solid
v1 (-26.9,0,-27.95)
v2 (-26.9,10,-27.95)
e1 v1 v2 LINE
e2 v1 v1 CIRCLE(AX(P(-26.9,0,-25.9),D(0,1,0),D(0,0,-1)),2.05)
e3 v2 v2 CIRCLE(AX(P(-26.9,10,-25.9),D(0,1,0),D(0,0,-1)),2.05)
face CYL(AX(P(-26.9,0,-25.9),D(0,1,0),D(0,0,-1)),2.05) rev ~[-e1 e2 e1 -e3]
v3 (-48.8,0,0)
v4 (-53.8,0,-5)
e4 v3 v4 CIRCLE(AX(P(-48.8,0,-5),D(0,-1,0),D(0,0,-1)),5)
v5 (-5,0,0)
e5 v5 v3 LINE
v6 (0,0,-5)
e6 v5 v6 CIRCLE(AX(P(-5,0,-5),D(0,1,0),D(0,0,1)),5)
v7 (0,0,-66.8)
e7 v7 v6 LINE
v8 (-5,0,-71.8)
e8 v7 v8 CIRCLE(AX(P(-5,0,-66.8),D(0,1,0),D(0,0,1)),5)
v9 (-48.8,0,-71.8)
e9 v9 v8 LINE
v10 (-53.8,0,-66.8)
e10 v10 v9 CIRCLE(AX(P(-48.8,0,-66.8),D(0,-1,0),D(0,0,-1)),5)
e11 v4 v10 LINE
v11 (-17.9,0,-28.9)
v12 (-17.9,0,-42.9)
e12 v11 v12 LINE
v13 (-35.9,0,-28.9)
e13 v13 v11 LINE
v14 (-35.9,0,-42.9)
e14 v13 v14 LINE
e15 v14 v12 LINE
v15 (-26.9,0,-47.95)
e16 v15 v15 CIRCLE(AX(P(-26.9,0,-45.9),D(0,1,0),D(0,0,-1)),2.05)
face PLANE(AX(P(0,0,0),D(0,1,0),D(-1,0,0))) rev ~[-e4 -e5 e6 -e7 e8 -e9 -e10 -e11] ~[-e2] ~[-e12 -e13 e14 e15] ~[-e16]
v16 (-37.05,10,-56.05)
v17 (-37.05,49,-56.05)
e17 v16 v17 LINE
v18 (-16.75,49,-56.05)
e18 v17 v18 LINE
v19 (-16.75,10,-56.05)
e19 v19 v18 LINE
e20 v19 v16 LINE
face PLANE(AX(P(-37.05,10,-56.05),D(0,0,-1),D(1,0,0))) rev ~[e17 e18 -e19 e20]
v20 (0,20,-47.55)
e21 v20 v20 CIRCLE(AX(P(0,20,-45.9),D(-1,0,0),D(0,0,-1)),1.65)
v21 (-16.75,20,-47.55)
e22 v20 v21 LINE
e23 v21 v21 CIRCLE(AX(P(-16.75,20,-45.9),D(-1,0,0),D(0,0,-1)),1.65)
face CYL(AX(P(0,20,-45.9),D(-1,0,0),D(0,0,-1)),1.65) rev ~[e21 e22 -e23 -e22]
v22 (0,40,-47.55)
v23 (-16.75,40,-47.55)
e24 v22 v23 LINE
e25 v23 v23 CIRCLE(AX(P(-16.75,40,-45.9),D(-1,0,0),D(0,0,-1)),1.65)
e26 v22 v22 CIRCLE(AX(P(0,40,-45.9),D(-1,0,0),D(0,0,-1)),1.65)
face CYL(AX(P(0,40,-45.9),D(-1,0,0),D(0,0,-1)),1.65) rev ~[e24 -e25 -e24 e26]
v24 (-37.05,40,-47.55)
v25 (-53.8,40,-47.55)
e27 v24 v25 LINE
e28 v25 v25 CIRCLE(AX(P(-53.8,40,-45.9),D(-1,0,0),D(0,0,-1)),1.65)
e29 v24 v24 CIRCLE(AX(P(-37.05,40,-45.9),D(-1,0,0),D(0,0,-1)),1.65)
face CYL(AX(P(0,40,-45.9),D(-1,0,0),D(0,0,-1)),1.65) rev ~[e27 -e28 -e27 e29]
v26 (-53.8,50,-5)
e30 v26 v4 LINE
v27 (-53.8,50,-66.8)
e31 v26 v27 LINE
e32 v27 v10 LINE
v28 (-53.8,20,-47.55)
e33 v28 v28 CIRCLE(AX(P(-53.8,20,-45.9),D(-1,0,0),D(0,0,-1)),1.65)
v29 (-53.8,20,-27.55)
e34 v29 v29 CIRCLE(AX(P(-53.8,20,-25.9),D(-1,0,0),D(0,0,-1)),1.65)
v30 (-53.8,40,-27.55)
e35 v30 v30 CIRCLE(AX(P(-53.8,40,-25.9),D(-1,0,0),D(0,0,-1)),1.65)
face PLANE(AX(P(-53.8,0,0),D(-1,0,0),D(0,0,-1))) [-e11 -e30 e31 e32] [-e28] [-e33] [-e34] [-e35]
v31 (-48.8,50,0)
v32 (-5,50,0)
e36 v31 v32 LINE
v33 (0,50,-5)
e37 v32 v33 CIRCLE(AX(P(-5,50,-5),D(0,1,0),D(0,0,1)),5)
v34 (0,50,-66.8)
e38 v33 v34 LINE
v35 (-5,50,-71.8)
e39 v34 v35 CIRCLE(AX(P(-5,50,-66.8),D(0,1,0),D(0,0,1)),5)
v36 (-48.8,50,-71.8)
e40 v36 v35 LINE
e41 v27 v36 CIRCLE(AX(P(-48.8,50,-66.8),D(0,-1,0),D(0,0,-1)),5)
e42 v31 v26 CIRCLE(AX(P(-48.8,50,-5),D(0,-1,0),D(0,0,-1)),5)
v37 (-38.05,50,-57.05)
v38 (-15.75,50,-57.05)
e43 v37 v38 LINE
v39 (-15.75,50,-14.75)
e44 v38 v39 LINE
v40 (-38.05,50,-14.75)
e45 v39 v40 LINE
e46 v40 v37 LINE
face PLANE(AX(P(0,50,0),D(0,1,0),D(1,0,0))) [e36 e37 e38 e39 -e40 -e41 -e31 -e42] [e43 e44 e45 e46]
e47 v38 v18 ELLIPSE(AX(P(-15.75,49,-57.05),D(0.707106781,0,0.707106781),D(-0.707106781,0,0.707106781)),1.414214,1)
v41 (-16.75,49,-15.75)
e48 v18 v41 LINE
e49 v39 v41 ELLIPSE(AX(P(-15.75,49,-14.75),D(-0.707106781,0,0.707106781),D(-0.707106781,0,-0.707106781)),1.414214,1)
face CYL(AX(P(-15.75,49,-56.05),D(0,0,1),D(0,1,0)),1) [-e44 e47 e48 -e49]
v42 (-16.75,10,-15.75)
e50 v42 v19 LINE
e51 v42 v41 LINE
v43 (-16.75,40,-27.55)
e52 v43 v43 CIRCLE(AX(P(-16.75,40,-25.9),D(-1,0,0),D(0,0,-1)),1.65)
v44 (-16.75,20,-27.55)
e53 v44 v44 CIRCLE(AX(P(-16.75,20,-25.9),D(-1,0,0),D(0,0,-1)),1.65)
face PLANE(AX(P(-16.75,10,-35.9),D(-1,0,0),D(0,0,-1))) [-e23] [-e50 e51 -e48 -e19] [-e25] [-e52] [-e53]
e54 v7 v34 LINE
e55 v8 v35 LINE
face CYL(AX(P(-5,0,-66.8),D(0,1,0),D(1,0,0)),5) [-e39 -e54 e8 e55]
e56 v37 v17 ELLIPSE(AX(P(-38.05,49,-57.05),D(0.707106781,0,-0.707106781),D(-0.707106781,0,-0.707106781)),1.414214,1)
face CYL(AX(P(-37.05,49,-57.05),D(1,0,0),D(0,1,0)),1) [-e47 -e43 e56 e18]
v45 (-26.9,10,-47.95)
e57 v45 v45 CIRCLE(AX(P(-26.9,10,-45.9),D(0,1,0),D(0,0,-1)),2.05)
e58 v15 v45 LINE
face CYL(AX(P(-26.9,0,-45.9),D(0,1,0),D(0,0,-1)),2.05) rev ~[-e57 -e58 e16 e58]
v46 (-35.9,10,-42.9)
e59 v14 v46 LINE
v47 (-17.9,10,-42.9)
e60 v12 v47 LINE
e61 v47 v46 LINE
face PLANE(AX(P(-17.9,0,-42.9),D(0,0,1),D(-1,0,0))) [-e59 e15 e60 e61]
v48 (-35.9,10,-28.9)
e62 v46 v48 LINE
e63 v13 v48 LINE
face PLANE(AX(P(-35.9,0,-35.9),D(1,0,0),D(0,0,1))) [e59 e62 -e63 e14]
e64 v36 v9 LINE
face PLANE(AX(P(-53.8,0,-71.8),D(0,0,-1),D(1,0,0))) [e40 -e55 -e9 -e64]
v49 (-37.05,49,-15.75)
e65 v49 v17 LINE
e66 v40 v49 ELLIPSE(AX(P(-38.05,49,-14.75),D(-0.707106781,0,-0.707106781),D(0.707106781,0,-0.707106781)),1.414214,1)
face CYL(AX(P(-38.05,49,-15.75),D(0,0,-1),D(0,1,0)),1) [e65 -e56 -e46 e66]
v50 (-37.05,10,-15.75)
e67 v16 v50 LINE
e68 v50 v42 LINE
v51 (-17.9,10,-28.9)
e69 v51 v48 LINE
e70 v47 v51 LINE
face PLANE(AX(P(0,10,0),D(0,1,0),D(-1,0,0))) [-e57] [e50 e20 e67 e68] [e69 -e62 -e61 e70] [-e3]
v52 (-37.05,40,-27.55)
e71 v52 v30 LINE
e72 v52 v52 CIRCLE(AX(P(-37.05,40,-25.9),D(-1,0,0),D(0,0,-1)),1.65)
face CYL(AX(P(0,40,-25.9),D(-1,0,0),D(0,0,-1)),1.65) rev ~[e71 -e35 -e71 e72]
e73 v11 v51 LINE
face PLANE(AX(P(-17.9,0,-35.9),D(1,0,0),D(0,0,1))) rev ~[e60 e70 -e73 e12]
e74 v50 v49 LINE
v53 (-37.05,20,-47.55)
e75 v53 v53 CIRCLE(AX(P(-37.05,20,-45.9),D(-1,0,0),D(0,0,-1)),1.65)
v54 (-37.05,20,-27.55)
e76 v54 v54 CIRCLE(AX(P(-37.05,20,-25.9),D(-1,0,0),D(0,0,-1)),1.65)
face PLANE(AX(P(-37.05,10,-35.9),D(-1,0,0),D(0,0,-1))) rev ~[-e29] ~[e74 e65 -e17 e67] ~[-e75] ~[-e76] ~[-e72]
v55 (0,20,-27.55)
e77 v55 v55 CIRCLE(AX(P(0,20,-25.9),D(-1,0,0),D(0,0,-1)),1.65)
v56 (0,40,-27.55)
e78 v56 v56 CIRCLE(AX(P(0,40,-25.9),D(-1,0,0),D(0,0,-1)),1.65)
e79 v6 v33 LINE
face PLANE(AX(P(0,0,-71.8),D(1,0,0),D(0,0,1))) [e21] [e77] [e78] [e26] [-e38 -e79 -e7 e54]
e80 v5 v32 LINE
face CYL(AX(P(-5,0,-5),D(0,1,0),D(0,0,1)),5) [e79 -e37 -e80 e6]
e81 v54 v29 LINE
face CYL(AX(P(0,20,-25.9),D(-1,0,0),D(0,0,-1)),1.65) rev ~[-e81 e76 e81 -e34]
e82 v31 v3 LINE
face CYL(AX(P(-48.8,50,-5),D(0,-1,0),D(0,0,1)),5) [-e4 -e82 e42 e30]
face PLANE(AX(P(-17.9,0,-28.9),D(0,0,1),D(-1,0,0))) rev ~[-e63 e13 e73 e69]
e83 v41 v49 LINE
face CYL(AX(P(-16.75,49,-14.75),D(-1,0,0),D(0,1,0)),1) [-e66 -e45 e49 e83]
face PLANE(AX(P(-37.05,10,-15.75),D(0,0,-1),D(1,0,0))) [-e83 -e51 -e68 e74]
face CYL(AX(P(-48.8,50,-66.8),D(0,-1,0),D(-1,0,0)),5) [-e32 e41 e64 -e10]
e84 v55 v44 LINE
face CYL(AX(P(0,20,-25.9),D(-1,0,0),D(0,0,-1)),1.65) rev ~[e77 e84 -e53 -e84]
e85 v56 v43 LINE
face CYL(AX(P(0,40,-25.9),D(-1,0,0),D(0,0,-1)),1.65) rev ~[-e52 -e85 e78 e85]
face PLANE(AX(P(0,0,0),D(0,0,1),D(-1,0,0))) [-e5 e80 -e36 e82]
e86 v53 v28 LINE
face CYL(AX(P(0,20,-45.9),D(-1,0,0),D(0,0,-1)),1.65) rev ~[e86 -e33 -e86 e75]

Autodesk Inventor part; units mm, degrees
ref_plane "YZ Plane" through (0, 0, 0) normal (1, 0, 0) x (0, 1, 0)
ref_plane "XZ Plane" through (0, 0, 0) normal (0, 1, 0) x (-1, 0, 0)
ref_plane "XY Plane" through (0, 0, 0) normal (0, 0, 1) x (1, 0, 0)
sketch "スケッチ1" plane through (0, 0, 0) normal (0, 1, 0) x (-1, 0, 0)
  line L0 (0, 0) -> (53.8, 0)
  line L1 (53.8, 0) -> (53.8, -71.8)
  line L2 (53.8, -71.8) -> (0, -71.8)
  line L3 (0, -71.8) -> (0, 0)
  dimension "d0" = 53.8
  dimension "d1" = 71.8
extrude "押し出し1" add sketch "スケッチ1" along normal blind 10
sketch "スケッチ2" plane through (0, 10, 0) normal (0, 1, 0) x (1, 0, 0)
  line L0 (-53.8, 71.8) -> (-53.8, 0) projected
  line L1 (-53.8, 0) -> (0, 0) projected
  line L2 (-26.9, 0) -> (-26.9, 71.8)
  line L3 (0, 71.8) -> (-53.8, 71.8) projected
  line L4 (-53.8, 35.9) -> (0, 35.9)
  line L5 (0, 0) -> (0, 71.8) projected
  line L6 (-26.9, 35.9) -> (-37.05, 35.9)
  line L7 (-37.05, 35.9) -> (-37.05, 56.05)
  line L8 (-37.05, 56.05) -> (-26.9, 56.05)
  line L9 (-26.9, 56.05) -> (-26.9, 35.9)
  line L10 (-37.05, 35.9) -> (-37.05, 15.75)
  line L11 (-37.05, 15.75) -> (-26.9, 15.75)
  line L12 (-16.75, 35.9) -> (-16.75, 56.05)
  line L13 (-16.75, 56.05) -> (-26.9, 56.05)
  line L14 (-16.75, 35.9) -> (-16.75, 15.75)
  line L15 (-16.75, 15.75) -> (-26.9, 15.75)
  dimension "d7" = 20.15
  dimension "d8" = 10.15
extrude "押し出し2" add sketch "スケッチ2" along normal blind 40 contours L3 L2 L8 L7 L4 L0 | L4 L10 L11 L2 L1 L0 | L3 L5 L4 L12 L13 L2 | L2 L15 L14 L4 L5 L1
fillet "フィレット1" radius 5 4 edges at (0, 25, 0) (0, 25, -71.8) (-53.8, 25, -71.8) (-53.8, 25, 0)
sketch "スケッチ3" plane through (0, 0, -5) normal (1, 0, 0) x (0, 0, -1)
  line L0 (51.05, 50) -> (10.75, 50) projected
  line L1 (30.9, 50) -> (30.9, 0)
  line L2 (0, 0) -> (61.8, 0) projected
  line L3 (20.9, 50) -> (20.9, 0)
  line L4 (0, 50) -> (0, 0) projected
  line L5 (0, 10) -> (62, 10)
  line L6 (10.75, 10) -> (51.05, 10) projected
  point P0 (-5, 0)
  point P1 (20.9, 20)
  point P2 (20.9, 40)
  point P3 (40.9, 20)
  point P4 (40.9, 40)
  dimension "d12" = 10
  dimension "d13" = 10
  dimension "d14" = 10
  dimension "d15" = 20
hole "穴1" at (0, 20, -25.9) at (0, 40, -25.9) at (0, 40, -45.9) at (0, 20, -45.9) direction (-1, 0, 0) diameter 3.3 end through all
sketch "スケッチ4" plane through (0, 0, 0) normal (0, -1, 0) x (1, 0, 0)
  line L0 (-5, -71.8) -> (-48.8, -71.8) projected
  line L1 (-26.9, -71.8) -> (-26.9, 0)
  line L2 (-48.8, 0) -> (-5, 0) projected
  line L3 (-53.8, -66.8) -> (-53.8, -5) projected
  line L4 (-53.8, -35.9) -> (0, -35.9)
  line L5 (0, -5) -> (0, -66.8) projected
  point P0 (0, 0)
  point P1 (-26.9, -45.9)
  point P2 (-26.9, -25.9)
  dimension "d23" = 10
  dimension "d24" = 10
hole "穴2" at (-26.9, 0, -45.9) at (-26.9, 0, -25.9) direction (0, 1, 0) diameter 4.1 end through all
fillet "フィレット2" radius 1 4 edges at (-37.05, 50, -35.9) (-26.9, 50, -15.75) (-16.75, 50, -35.9) (-26.9, 50, -56.05)
sketch "スケッチ5" plane through (0, 0, 0) normal (0, -1, 0) x (1, 0, 0)
  circle A0 centre (-26.9, -25.9) radius 2.05 projected
  circle A1 centre (-26.9, -45.9) radius 2.05 projected
  line L0 (-26.9, -25.9) -> (-26.9, -45.9)
  line L1 (-26.9, -35.9) -> (-17.9, -35.9)
  line L2 (-17.9, -35.9) -> (-17.9, -42.9)
  line L3 (-17.9, -42.9) -> (-26.9, -42.9)
  line L4 (-26.9, -42.9) -> (-26.9, -35.9)
  line L5 (-17.9, -35.9) -> (-17.9, -28.9)
  line L6 (-17.9, -28.9) -> (-26.9, -28.9)
  line L7 (-35.9, -35.9) -> (-35.9, -42.9)
  line L8 (-35.9, -42.9) -> (-26.9, -42.9)
  line L9 (-35.9, -35.9) -> (-35.9, -28.9)
  line L10 (-35.9, -28.9) -> (-26.9, -28.9)
  point P0 (0, 0)
  dimension "d33" = 7
  dimension "d34" = 9
extrude "押し出し3" cut sketch "スケッチ5" against normal blind 10 contours L6 L5 L1 L0 | L0 L8 L7 L9 L10 | L1 L2 L3 L0
properties part number "framefixpart1"
